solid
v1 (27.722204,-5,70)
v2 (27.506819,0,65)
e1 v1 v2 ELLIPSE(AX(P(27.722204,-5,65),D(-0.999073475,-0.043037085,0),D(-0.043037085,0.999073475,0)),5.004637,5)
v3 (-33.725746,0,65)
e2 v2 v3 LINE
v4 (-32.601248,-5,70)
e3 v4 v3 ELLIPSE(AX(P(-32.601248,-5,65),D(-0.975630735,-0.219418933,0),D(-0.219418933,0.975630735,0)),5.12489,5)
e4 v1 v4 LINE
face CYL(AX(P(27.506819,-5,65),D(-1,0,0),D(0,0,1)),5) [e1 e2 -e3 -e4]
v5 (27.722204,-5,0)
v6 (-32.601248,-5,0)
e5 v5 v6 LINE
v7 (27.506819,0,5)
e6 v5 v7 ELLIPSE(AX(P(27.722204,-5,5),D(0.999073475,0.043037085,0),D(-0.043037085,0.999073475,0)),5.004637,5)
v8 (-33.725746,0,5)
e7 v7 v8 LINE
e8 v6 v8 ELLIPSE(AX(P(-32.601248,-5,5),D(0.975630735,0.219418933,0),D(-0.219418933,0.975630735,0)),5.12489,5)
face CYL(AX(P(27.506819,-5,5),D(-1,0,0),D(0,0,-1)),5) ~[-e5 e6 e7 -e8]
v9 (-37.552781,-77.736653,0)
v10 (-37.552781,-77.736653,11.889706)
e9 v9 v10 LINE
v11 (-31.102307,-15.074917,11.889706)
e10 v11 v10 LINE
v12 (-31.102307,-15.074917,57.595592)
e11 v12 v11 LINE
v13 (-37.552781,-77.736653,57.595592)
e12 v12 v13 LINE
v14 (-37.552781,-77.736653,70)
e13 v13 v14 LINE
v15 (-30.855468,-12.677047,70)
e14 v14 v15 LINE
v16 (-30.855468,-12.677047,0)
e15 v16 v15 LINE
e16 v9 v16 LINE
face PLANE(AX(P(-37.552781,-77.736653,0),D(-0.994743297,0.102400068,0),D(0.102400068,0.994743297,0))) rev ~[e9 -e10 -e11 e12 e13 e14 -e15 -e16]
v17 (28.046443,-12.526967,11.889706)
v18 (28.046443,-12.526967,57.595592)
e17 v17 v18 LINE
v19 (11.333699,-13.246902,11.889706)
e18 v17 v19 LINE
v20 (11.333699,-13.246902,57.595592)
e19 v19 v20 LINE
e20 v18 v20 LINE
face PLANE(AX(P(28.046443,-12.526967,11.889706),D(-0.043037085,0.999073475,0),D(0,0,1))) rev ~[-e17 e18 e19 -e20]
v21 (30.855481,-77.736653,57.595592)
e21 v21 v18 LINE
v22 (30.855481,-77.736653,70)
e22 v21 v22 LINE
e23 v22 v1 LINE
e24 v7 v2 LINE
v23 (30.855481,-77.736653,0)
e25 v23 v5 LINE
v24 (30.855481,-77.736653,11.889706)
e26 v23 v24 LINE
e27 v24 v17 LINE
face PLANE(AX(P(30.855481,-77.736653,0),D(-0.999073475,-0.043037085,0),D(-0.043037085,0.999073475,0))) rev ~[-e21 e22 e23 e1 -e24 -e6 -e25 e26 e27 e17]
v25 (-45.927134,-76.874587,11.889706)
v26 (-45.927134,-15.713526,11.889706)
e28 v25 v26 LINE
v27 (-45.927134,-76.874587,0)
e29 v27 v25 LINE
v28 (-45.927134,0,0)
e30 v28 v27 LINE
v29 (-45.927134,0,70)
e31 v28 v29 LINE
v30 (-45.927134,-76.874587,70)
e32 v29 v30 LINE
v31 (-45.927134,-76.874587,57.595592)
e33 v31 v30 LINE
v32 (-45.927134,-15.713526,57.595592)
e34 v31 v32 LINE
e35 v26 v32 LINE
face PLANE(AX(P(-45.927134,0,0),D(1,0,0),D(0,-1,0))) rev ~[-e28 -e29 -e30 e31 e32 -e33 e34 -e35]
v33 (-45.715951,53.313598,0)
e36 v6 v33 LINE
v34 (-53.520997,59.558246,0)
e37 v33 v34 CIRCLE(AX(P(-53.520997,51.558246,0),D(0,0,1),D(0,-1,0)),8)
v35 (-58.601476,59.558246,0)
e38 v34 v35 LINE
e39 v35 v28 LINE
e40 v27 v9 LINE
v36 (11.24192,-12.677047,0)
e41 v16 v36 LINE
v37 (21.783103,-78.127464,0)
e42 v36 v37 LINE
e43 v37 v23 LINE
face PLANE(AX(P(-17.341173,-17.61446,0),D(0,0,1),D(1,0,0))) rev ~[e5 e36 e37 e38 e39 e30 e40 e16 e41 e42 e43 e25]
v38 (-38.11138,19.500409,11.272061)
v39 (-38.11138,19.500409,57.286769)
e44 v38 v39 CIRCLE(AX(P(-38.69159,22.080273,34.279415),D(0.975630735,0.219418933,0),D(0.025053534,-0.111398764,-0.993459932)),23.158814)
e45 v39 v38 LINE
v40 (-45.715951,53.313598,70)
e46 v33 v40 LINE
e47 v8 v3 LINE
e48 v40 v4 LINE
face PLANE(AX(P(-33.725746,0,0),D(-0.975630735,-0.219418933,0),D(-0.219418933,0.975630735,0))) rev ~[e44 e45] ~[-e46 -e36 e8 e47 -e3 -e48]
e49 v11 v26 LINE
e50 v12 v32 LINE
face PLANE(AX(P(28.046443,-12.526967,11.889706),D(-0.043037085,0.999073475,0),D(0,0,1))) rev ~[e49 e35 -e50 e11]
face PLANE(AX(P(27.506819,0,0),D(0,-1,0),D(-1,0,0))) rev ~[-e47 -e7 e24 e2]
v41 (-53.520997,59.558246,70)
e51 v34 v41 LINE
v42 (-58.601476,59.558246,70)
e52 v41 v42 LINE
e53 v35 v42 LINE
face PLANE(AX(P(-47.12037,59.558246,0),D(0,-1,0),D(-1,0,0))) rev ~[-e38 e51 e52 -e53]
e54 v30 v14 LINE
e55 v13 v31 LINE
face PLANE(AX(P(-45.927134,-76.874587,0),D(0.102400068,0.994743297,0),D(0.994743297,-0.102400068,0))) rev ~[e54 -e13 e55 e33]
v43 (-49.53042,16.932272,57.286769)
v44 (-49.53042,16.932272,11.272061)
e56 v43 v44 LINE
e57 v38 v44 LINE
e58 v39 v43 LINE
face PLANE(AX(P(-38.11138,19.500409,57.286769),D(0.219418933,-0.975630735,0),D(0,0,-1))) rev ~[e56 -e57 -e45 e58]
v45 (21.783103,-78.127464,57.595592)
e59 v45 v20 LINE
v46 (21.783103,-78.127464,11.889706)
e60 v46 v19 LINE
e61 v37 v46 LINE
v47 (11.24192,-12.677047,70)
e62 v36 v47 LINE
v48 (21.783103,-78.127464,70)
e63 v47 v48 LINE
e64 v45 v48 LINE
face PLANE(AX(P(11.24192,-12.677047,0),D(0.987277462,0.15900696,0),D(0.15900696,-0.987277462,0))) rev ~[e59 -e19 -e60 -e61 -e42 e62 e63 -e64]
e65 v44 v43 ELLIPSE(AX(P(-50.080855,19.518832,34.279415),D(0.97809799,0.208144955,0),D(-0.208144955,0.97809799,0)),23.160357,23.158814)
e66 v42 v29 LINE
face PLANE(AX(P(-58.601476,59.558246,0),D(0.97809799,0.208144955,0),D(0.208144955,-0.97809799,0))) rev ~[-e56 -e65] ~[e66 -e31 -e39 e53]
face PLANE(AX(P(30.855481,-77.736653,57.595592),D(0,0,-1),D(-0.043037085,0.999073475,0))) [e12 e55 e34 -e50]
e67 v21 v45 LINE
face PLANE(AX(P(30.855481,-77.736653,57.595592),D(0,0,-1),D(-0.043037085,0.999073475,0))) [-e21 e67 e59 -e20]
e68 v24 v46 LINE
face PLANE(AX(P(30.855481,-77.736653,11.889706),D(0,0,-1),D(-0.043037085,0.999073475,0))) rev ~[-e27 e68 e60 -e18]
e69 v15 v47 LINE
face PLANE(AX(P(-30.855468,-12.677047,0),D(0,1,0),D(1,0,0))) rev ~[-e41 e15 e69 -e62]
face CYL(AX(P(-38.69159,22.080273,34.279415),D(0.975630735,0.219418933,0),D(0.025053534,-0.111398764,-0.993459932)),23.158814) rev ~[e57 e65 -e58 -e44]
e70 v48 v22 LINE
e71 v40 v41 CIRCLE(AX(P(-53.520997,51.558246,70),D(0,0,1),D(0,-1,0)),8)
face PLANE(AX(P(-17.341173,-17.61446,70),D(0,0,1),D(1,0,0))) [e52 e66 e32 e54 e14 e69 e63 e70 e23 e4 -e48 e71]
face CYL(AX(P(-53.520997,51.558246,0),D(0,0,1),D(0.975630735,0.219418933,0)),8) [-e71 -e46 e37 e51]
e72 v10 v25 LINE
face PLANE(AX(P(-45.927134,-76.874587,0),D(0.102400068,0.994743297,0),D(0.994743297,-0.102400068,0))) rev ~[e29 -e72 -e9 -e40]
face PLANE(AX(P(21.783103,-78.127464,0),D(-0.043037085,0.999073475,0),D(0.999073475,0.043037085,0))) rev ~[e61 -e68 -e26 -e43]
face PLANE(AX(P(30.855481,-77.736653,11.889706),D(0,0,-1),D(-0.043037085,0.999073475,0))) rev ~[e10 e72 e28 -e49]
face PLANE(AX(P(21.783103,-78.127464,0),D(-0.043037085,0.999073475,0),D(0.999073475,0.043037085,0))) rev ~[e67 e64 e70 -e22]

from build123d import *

# Parameters (mm, degrees)
F1_DEPTH = 70
F2_W     = 65.2701610255
F2_H     = 45.7058856264
F3_DEPTH = 127.5
F5_DEPTH = 41.3
F6_R     = 5
F7_R     = 8


with BuildPart() as f1:
    # F0 (on Top) → F1 (new body)
    with BuildSketch(Plane.XY):
        Polygon((-47.1203699708, 59.5582462847), (-58.6014762521, 59.5582462847), (-45.9271341588, 0), (-45.9271341588, -76.8745874723), (-37.5527814031, -77.7366533875), (-30.855467543, -12.6770474017), (11.2419202924, -12.6770474017), (21.7831026724, -78.1274641837), (30.8554805815, -77.7366533875), (27.5068189949, 0), (-33.725745976, 0), align=None)
    extrude(amount=F1_DEPTH)

    # F2 (on face) → F3 (cut)
    with BuildSketch(Plane(origin=(27.4558711207, 1.1827164786, 0), x_dir=(-0.0430370851, 0.9990734754, 0), z_dir=(0.9990734754, 0.0430370851, 0))):
        with Locations((-46.3574778998, 34.742649179)):
            Rectangle(F2_W, F2_H)
    extrude(amount=-F3_DEPTH, mode=Mode.SUBTRACT)

    # F4 (on face) → F5 (cut)
    with BuildSketch(Plane(origin=(-32.1020311258, -7.2197330046, 0), x_dir=(-0.2194189331, 0.9756307354, 0), z_dir=(0.9756307354, 0.2194189331, 0))):
        with BuildLine():
            Line((27.3875570842, 57.2867691517), (27.3875570842, 11.2720606849))
            ThreePointArc((27.3875570842, 11.2720606849), (53.1906745676, 34.2794149183), (27.3875570842, 57.2867691517))
        make_face()
    extrude(amount=-F5_DEPTH, mode=Mode.SUBTRACT)

    # F6
    f6_edges = [f1.edges().sort_by_distance(p)[0] for p in [
        (-3.109463, 0, 0),
        (-3.109463, 0, 70),
    ]]
    fillet(f6_edges, radius=F6_R)

    # F7
    f7_edges = [f1.edges().sort_by_distance(p)[0] for p in [
        (-47.12037, 59.558246, 35),
    ]]
    fillet(f7_edges, radius=F7_R)


solid = f1.part
